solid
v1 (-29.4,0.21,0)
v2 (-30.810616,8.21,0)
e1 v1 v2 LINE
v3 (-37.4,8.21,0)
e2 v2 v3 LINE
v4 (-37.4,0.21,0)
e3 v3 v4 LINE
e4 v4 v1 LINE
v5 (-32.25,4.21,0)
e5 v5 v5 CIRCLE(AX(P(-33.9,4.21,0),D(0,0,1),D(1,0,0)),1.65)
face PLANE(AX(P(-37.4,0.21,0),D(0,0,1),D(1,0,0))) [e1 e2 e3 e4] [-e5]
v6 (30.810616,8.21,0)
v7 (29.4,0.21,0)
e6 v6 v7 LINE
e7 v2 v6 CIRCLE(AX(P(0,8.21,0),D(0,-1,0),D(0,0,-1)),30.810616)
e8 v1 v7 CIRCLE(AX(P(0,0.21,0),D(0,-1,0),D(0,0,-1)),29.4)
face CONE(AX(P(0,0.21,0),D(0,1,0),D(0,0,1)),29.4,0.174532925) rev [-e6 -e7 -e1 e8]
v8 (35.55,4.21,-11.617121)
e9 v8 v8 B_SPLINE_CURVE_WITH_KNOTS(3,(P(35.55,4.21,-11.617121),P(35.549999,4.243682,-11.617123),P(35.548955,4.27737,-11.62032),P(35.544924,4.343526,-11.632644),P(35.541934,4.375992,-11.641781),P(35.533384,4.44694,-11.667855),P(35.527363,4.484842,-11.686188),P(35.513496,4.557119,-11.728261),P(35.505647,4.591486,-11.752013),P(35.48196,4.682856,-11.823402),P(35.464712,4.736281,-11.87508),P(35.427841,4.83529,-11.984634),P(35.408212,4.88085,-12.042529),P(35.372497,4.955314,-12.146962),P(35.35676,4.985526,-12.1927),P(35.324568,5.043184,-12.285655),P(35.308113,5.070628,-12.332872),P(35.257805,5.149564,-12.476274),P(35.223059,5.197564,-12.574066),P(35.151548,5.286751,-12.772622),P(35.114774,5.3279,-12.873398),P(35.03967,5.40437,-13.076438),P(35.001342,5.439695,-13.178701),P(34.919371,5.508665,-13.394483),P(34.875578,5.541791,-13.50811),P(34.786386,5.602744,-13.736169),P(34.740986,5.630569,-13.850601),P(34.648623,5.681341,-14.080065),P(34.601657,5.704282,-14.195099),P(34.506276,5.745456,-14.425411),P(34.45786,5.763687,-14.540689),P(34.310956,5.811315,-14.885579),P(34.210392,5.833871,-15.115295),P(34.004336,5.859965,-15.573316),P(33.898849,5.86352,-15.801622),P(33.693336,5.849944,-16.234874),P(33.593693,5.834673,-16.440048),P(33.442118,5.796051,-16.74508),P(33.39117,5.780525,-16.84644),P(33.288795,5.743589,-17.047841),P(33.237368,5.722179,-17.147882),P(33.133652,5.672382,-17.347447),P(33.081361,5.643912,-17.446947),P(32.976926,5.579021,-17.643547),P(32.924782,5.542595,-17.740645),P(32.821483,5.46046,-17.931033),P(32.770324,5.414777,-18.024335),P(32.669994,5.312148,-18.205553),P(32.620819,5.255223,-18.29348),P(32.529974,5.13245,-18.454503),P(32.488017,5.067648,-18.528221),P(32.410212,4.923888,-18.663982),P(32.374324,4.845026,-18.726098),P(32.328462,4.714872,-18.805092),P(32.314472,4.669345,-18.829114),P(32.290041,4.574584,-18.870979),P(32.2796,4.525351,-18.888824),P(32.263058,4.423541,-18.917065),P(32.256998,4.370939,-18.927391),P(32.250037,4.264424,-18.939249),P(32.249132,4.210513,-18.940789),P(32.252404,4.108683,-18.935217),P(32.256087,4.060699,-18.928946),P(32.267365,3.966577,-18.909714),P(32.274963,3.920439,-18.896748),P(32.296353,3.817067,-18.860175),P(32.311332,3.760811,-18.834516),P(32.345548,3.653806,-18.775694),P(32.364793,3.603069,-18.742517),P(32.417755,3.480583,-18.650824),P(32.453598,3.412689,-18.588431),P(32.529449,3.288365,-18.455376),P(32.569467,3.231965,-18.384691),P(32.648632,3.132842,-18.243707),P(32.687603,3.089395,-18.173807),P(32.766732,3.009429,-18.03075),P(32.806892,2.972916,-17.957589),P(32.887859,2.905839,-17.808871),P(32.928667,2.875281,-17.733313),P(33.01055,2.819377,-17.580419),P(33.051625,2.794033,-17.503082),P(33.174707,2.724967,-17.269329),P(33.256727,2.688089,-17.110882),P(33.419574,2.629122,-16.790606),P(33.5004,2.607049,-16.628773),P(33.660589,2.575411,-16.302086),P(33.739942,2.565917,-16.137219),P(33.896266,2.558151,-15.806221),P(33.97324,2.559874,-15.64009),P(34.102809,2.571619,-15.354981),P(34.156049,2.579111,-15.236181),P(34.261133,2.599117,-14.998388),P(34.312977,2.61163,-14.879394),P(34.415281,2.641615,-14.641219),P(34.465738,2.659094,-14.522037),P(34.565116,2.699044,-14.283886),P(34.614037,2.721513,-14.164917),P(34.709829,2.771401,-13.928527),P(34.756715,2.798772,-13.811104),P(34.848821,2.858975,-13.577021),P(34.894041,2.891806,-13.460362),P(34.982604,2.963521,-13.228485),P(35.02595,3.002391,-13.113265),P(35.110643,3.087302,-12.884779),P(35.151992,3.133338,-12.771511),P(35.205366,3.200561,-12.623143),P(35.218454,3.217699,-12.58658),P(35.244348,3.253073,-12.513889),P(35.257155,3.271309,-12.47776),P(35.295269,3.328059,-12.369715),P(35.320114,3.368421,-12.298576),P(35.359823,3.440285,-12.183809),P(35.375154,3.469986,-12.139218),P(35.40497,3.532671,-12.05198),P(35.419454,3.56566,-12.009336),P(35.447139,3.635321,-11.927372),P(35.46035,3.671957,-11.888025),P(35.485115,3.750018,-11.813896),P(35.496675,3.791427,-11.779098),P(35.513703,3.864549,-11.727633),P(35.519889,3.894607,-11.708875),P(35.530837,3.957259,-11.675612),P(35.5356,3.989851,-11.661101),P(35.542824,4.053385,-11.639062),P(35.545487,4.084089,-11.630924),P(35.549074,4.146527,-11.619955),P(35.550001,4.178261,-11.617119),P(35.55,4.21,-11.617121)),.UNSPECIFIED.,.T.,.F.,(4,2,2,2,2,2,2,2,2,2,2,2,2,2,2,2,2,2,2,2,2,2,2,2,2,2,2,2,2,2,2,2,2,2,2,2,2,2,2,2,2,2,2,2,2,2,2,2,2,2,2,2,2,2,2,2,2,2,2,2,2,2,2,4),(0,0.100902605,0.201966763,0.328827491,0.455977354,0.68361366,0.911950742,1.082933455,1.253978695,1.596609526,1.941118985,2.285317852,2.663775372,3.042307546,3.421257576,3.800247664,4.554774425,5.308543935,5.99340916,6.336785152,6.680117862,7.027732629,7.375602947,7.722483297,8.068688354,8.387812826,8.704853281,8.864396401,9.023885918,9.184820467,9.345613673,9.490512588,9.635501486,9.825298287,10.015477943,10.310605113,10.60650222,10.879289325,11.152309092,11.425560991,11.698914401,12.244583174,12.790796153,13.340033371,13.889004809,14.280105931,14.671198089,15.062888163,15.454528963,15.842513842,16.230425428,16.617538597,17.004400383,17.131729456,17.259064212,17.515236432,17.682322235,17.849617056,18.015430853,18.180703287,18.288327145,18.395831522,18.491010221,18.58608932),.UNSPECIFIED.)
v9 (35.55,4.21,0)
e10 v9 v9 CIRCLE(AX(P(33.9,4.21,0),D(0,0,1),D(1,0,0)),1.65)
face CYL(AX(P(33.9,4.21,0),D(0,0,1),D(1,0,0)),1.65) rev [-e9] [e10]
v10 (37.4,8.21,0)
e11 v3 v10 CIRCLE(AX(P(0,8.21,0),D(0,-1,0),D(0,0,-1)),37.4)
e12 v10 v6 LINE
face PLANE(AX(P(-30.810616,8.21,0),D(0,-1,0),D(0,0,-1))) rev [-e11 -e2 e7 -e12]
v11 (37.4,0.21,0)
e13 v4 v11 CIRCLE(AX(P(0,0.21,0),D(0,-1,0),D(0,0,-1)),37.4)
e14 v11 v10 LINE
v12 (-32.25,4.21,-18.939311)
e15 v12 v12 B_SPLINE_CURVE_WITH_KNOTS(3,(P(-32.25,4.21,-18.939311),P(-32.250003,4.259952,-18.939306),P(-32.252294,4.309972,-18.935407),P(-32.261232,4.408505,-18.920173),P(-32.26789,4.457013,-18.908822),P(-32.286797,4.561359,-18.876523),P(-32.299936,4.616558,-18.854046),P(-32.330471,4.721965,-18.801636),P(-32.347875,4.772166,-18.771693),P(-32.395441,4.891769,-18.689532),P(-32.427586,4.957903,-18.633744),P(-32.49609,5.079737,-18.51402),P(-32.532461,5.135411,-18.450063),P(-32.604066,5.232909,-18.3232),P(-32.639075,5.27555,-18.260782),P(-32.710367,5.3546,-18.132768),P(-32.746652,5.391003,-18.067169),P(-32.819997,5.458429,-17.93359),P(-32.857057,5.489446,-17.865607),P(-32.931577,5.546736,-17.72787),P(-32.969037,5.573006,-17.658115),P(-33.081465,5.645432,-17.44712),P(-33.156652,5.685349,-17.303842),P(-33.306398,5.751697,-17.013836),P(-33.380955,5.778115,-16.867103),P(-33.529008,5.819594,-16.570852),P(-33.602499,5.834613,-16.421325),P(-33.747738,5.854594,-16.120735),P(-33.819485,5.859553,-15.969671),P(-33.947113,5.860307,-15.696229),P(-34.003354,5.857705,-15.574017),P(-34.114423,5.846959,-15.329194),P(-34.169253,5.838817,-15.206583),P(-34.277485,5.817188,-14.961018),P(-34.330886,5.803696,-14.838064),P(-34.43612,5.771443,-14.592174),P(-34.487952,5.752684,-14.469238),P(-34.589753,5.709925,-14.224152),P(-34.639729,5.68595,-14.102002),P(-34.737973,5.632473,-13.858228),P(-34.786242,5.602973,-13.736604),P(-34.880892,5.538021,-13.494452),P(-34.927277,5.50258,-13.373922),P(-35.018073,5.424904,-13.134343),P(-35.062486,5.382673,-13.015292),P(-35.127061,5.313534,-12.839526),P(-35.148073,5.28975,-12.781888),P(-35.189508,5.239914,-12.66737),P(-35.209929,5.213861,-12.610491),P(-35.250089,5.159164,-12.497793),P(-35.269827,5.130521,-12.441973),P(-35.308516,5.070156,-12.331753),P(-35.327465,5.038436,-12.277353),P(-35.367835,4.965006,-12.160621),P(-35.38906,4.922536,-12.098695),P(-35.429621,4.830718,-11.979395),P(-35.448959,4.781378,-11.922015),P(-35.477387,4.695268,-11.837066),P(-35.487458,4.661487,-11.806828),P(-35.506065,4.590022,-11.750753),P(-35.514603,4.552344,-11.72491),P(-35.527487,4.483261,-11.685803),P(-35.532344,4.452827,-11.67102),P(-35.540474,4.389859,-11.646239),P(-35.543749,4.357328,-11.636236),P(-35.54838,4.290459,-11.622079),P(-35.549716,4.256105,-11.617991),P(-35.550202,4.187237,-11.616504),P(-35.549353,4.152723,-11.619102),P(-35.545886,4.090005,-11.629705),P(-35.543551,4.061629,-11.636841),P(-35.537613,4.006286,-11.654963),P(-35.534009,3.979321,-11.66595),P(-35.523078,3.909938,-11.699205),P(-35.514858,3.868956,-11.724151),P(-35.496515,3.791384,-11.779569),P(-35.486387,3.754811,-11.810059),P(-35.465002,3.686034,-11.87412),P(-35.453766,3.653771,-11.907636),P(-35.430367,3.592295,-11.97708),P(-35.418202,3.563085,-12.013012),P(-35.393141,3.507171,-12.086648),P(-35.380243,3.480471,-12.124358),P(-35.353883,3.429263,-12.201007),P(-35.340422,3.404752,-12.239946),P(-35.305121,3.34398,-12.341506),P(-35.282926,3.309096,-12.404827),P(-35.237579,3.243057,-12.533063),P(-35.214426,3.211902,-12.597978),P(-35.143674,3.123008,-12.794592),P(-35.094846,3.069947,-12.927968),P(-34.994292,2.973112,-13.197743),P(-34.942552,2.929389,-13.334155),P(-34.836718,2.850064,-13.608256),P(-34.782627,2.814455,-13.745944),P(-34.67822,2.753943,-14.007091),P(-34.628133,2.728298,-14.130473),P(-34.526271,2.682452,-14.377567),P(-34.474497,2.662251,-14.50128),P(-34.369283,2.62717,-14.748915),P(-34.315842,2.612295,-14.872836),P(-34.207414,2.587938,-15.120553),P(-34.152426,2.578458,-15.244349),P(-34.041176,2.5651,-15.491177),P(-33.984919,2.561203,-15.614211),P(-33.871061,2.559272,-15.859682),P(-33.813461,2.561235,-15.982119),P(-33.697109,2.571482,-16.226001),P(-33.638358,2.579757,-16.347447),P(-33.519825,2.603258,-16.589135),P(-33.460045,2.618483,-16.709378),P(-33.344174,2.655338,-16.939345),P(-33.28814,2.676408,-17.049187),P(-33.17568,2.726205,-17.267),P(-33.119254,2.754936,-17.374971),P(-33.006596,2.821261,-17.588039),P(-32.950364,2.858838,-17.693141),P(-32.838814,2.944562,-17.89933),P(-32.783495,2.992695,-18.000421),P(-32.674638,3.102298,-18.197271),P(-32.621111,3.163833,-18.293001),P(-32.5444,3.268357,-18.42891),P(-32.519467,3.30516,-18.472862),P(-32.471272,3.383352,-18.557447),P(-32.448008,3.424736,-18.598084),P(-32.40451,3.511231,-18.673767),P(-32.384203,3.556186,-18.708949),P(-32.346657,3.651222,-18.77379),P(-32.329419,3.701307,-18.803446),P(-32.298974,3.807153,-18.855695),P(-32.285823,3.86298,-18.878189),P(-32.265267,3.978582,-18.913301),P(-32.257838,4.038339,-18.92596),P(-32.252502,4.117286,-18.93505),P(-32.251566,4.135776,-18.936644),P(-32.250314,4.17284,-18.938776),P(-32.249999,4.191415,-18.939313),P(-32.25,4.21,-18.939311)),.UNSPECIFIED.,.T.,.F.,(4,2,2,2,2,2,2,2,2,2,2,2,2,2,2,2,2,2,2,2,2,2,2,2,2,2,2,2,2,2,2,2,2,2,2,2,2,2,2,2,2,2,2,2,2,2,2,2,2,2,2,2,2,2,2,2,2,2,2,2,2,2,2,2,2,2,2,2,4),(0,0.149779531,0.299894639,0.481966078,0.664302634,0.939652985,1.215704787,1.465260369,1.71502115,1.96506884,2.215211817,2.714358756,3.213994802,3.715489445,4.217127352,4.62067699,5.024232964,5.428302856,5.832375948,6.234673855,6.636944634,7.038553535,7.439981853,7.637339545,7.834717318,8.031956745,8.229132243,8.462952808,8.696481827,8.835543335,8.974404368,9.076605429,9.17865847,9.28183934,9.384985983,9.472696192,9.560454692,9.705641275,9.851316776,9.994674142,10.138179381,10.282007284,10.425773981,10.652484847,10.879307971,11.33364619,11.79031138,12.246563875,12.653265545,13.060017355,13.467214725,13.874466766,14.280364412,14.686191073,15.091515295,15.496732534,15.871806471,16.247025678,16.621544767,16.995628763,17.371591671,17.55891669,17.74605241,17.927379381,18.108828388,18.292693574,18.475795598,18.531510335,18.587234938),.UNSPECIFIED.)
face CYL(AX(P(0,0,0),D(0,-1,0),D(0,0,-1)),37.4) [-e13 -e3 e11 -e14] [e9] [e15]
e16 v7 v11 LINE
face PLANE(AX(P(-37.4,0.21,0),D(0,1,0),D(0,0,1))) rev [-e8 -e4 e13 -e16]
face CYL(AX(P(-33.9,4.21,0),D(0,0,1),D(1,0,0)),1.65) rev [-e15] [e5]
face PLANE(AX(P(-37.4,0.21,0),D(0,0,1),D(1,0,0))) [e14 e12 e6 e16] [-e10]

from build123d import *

# Parameters (mm, degrees)
CUT_EXTRUDE3_DEPTH      = 54.524985754
CUT_EXTRUDE3_DEPTH_BACK = 54.524985754
SKETCH5_W               = 145.272182815
SKETCH5_H               = 50.443132161
M4X0_7_TAPPED_HOLE2_D   = 3.3


with BuildPart() as part:
    # Sketch3 → Revolve1 (revolve)
    with BuildSketch(Plane.XY, mode=Mode.PRIVATE) as revolve1_sk:
        Polygon((-30.810615846, 8.21), (-37.4, 8.21), (-37.4, 0.21), (-29.4, 0.21), align=None)
    revolve(revolve1_sk.sketch.rotate(Axis((0, 0, 0), (0, 1, 0)), 270), axis=Axis((0, 0, 0), (0, 1, 0)))

    # Sketch5 → Cut-Extrude3 (cut, two sides: drawn at the far end of the back side and taken through both)
    with BuildSketch(Plane(origin=(0, 0, 0), x_dir=(1, 0, 0), z_dir=(0, 1, 0)).offset(-CUT_EXTRUDE3_DEPTH_BACK)):
        with Locations((35.236091407, -25.221566081)):
            Rectangle(SKETCH5_W, SKETCH5_H)
    extrude(amount=CUT_EXTRUDE3_DEPTH + CUT_EXTRUDE3_DEPTH_BACK, mode=Mode.SUBTRACT)

    # M4x0.7 Tapped Hole2 (through all)
    with Locations(Plane.XY):
        with Locations((-33.9, 4.21), (33.9, 4.21)):
            Hole(M4X0_7_TAPPED_HOLE2_D / 2)


solid = part.part
